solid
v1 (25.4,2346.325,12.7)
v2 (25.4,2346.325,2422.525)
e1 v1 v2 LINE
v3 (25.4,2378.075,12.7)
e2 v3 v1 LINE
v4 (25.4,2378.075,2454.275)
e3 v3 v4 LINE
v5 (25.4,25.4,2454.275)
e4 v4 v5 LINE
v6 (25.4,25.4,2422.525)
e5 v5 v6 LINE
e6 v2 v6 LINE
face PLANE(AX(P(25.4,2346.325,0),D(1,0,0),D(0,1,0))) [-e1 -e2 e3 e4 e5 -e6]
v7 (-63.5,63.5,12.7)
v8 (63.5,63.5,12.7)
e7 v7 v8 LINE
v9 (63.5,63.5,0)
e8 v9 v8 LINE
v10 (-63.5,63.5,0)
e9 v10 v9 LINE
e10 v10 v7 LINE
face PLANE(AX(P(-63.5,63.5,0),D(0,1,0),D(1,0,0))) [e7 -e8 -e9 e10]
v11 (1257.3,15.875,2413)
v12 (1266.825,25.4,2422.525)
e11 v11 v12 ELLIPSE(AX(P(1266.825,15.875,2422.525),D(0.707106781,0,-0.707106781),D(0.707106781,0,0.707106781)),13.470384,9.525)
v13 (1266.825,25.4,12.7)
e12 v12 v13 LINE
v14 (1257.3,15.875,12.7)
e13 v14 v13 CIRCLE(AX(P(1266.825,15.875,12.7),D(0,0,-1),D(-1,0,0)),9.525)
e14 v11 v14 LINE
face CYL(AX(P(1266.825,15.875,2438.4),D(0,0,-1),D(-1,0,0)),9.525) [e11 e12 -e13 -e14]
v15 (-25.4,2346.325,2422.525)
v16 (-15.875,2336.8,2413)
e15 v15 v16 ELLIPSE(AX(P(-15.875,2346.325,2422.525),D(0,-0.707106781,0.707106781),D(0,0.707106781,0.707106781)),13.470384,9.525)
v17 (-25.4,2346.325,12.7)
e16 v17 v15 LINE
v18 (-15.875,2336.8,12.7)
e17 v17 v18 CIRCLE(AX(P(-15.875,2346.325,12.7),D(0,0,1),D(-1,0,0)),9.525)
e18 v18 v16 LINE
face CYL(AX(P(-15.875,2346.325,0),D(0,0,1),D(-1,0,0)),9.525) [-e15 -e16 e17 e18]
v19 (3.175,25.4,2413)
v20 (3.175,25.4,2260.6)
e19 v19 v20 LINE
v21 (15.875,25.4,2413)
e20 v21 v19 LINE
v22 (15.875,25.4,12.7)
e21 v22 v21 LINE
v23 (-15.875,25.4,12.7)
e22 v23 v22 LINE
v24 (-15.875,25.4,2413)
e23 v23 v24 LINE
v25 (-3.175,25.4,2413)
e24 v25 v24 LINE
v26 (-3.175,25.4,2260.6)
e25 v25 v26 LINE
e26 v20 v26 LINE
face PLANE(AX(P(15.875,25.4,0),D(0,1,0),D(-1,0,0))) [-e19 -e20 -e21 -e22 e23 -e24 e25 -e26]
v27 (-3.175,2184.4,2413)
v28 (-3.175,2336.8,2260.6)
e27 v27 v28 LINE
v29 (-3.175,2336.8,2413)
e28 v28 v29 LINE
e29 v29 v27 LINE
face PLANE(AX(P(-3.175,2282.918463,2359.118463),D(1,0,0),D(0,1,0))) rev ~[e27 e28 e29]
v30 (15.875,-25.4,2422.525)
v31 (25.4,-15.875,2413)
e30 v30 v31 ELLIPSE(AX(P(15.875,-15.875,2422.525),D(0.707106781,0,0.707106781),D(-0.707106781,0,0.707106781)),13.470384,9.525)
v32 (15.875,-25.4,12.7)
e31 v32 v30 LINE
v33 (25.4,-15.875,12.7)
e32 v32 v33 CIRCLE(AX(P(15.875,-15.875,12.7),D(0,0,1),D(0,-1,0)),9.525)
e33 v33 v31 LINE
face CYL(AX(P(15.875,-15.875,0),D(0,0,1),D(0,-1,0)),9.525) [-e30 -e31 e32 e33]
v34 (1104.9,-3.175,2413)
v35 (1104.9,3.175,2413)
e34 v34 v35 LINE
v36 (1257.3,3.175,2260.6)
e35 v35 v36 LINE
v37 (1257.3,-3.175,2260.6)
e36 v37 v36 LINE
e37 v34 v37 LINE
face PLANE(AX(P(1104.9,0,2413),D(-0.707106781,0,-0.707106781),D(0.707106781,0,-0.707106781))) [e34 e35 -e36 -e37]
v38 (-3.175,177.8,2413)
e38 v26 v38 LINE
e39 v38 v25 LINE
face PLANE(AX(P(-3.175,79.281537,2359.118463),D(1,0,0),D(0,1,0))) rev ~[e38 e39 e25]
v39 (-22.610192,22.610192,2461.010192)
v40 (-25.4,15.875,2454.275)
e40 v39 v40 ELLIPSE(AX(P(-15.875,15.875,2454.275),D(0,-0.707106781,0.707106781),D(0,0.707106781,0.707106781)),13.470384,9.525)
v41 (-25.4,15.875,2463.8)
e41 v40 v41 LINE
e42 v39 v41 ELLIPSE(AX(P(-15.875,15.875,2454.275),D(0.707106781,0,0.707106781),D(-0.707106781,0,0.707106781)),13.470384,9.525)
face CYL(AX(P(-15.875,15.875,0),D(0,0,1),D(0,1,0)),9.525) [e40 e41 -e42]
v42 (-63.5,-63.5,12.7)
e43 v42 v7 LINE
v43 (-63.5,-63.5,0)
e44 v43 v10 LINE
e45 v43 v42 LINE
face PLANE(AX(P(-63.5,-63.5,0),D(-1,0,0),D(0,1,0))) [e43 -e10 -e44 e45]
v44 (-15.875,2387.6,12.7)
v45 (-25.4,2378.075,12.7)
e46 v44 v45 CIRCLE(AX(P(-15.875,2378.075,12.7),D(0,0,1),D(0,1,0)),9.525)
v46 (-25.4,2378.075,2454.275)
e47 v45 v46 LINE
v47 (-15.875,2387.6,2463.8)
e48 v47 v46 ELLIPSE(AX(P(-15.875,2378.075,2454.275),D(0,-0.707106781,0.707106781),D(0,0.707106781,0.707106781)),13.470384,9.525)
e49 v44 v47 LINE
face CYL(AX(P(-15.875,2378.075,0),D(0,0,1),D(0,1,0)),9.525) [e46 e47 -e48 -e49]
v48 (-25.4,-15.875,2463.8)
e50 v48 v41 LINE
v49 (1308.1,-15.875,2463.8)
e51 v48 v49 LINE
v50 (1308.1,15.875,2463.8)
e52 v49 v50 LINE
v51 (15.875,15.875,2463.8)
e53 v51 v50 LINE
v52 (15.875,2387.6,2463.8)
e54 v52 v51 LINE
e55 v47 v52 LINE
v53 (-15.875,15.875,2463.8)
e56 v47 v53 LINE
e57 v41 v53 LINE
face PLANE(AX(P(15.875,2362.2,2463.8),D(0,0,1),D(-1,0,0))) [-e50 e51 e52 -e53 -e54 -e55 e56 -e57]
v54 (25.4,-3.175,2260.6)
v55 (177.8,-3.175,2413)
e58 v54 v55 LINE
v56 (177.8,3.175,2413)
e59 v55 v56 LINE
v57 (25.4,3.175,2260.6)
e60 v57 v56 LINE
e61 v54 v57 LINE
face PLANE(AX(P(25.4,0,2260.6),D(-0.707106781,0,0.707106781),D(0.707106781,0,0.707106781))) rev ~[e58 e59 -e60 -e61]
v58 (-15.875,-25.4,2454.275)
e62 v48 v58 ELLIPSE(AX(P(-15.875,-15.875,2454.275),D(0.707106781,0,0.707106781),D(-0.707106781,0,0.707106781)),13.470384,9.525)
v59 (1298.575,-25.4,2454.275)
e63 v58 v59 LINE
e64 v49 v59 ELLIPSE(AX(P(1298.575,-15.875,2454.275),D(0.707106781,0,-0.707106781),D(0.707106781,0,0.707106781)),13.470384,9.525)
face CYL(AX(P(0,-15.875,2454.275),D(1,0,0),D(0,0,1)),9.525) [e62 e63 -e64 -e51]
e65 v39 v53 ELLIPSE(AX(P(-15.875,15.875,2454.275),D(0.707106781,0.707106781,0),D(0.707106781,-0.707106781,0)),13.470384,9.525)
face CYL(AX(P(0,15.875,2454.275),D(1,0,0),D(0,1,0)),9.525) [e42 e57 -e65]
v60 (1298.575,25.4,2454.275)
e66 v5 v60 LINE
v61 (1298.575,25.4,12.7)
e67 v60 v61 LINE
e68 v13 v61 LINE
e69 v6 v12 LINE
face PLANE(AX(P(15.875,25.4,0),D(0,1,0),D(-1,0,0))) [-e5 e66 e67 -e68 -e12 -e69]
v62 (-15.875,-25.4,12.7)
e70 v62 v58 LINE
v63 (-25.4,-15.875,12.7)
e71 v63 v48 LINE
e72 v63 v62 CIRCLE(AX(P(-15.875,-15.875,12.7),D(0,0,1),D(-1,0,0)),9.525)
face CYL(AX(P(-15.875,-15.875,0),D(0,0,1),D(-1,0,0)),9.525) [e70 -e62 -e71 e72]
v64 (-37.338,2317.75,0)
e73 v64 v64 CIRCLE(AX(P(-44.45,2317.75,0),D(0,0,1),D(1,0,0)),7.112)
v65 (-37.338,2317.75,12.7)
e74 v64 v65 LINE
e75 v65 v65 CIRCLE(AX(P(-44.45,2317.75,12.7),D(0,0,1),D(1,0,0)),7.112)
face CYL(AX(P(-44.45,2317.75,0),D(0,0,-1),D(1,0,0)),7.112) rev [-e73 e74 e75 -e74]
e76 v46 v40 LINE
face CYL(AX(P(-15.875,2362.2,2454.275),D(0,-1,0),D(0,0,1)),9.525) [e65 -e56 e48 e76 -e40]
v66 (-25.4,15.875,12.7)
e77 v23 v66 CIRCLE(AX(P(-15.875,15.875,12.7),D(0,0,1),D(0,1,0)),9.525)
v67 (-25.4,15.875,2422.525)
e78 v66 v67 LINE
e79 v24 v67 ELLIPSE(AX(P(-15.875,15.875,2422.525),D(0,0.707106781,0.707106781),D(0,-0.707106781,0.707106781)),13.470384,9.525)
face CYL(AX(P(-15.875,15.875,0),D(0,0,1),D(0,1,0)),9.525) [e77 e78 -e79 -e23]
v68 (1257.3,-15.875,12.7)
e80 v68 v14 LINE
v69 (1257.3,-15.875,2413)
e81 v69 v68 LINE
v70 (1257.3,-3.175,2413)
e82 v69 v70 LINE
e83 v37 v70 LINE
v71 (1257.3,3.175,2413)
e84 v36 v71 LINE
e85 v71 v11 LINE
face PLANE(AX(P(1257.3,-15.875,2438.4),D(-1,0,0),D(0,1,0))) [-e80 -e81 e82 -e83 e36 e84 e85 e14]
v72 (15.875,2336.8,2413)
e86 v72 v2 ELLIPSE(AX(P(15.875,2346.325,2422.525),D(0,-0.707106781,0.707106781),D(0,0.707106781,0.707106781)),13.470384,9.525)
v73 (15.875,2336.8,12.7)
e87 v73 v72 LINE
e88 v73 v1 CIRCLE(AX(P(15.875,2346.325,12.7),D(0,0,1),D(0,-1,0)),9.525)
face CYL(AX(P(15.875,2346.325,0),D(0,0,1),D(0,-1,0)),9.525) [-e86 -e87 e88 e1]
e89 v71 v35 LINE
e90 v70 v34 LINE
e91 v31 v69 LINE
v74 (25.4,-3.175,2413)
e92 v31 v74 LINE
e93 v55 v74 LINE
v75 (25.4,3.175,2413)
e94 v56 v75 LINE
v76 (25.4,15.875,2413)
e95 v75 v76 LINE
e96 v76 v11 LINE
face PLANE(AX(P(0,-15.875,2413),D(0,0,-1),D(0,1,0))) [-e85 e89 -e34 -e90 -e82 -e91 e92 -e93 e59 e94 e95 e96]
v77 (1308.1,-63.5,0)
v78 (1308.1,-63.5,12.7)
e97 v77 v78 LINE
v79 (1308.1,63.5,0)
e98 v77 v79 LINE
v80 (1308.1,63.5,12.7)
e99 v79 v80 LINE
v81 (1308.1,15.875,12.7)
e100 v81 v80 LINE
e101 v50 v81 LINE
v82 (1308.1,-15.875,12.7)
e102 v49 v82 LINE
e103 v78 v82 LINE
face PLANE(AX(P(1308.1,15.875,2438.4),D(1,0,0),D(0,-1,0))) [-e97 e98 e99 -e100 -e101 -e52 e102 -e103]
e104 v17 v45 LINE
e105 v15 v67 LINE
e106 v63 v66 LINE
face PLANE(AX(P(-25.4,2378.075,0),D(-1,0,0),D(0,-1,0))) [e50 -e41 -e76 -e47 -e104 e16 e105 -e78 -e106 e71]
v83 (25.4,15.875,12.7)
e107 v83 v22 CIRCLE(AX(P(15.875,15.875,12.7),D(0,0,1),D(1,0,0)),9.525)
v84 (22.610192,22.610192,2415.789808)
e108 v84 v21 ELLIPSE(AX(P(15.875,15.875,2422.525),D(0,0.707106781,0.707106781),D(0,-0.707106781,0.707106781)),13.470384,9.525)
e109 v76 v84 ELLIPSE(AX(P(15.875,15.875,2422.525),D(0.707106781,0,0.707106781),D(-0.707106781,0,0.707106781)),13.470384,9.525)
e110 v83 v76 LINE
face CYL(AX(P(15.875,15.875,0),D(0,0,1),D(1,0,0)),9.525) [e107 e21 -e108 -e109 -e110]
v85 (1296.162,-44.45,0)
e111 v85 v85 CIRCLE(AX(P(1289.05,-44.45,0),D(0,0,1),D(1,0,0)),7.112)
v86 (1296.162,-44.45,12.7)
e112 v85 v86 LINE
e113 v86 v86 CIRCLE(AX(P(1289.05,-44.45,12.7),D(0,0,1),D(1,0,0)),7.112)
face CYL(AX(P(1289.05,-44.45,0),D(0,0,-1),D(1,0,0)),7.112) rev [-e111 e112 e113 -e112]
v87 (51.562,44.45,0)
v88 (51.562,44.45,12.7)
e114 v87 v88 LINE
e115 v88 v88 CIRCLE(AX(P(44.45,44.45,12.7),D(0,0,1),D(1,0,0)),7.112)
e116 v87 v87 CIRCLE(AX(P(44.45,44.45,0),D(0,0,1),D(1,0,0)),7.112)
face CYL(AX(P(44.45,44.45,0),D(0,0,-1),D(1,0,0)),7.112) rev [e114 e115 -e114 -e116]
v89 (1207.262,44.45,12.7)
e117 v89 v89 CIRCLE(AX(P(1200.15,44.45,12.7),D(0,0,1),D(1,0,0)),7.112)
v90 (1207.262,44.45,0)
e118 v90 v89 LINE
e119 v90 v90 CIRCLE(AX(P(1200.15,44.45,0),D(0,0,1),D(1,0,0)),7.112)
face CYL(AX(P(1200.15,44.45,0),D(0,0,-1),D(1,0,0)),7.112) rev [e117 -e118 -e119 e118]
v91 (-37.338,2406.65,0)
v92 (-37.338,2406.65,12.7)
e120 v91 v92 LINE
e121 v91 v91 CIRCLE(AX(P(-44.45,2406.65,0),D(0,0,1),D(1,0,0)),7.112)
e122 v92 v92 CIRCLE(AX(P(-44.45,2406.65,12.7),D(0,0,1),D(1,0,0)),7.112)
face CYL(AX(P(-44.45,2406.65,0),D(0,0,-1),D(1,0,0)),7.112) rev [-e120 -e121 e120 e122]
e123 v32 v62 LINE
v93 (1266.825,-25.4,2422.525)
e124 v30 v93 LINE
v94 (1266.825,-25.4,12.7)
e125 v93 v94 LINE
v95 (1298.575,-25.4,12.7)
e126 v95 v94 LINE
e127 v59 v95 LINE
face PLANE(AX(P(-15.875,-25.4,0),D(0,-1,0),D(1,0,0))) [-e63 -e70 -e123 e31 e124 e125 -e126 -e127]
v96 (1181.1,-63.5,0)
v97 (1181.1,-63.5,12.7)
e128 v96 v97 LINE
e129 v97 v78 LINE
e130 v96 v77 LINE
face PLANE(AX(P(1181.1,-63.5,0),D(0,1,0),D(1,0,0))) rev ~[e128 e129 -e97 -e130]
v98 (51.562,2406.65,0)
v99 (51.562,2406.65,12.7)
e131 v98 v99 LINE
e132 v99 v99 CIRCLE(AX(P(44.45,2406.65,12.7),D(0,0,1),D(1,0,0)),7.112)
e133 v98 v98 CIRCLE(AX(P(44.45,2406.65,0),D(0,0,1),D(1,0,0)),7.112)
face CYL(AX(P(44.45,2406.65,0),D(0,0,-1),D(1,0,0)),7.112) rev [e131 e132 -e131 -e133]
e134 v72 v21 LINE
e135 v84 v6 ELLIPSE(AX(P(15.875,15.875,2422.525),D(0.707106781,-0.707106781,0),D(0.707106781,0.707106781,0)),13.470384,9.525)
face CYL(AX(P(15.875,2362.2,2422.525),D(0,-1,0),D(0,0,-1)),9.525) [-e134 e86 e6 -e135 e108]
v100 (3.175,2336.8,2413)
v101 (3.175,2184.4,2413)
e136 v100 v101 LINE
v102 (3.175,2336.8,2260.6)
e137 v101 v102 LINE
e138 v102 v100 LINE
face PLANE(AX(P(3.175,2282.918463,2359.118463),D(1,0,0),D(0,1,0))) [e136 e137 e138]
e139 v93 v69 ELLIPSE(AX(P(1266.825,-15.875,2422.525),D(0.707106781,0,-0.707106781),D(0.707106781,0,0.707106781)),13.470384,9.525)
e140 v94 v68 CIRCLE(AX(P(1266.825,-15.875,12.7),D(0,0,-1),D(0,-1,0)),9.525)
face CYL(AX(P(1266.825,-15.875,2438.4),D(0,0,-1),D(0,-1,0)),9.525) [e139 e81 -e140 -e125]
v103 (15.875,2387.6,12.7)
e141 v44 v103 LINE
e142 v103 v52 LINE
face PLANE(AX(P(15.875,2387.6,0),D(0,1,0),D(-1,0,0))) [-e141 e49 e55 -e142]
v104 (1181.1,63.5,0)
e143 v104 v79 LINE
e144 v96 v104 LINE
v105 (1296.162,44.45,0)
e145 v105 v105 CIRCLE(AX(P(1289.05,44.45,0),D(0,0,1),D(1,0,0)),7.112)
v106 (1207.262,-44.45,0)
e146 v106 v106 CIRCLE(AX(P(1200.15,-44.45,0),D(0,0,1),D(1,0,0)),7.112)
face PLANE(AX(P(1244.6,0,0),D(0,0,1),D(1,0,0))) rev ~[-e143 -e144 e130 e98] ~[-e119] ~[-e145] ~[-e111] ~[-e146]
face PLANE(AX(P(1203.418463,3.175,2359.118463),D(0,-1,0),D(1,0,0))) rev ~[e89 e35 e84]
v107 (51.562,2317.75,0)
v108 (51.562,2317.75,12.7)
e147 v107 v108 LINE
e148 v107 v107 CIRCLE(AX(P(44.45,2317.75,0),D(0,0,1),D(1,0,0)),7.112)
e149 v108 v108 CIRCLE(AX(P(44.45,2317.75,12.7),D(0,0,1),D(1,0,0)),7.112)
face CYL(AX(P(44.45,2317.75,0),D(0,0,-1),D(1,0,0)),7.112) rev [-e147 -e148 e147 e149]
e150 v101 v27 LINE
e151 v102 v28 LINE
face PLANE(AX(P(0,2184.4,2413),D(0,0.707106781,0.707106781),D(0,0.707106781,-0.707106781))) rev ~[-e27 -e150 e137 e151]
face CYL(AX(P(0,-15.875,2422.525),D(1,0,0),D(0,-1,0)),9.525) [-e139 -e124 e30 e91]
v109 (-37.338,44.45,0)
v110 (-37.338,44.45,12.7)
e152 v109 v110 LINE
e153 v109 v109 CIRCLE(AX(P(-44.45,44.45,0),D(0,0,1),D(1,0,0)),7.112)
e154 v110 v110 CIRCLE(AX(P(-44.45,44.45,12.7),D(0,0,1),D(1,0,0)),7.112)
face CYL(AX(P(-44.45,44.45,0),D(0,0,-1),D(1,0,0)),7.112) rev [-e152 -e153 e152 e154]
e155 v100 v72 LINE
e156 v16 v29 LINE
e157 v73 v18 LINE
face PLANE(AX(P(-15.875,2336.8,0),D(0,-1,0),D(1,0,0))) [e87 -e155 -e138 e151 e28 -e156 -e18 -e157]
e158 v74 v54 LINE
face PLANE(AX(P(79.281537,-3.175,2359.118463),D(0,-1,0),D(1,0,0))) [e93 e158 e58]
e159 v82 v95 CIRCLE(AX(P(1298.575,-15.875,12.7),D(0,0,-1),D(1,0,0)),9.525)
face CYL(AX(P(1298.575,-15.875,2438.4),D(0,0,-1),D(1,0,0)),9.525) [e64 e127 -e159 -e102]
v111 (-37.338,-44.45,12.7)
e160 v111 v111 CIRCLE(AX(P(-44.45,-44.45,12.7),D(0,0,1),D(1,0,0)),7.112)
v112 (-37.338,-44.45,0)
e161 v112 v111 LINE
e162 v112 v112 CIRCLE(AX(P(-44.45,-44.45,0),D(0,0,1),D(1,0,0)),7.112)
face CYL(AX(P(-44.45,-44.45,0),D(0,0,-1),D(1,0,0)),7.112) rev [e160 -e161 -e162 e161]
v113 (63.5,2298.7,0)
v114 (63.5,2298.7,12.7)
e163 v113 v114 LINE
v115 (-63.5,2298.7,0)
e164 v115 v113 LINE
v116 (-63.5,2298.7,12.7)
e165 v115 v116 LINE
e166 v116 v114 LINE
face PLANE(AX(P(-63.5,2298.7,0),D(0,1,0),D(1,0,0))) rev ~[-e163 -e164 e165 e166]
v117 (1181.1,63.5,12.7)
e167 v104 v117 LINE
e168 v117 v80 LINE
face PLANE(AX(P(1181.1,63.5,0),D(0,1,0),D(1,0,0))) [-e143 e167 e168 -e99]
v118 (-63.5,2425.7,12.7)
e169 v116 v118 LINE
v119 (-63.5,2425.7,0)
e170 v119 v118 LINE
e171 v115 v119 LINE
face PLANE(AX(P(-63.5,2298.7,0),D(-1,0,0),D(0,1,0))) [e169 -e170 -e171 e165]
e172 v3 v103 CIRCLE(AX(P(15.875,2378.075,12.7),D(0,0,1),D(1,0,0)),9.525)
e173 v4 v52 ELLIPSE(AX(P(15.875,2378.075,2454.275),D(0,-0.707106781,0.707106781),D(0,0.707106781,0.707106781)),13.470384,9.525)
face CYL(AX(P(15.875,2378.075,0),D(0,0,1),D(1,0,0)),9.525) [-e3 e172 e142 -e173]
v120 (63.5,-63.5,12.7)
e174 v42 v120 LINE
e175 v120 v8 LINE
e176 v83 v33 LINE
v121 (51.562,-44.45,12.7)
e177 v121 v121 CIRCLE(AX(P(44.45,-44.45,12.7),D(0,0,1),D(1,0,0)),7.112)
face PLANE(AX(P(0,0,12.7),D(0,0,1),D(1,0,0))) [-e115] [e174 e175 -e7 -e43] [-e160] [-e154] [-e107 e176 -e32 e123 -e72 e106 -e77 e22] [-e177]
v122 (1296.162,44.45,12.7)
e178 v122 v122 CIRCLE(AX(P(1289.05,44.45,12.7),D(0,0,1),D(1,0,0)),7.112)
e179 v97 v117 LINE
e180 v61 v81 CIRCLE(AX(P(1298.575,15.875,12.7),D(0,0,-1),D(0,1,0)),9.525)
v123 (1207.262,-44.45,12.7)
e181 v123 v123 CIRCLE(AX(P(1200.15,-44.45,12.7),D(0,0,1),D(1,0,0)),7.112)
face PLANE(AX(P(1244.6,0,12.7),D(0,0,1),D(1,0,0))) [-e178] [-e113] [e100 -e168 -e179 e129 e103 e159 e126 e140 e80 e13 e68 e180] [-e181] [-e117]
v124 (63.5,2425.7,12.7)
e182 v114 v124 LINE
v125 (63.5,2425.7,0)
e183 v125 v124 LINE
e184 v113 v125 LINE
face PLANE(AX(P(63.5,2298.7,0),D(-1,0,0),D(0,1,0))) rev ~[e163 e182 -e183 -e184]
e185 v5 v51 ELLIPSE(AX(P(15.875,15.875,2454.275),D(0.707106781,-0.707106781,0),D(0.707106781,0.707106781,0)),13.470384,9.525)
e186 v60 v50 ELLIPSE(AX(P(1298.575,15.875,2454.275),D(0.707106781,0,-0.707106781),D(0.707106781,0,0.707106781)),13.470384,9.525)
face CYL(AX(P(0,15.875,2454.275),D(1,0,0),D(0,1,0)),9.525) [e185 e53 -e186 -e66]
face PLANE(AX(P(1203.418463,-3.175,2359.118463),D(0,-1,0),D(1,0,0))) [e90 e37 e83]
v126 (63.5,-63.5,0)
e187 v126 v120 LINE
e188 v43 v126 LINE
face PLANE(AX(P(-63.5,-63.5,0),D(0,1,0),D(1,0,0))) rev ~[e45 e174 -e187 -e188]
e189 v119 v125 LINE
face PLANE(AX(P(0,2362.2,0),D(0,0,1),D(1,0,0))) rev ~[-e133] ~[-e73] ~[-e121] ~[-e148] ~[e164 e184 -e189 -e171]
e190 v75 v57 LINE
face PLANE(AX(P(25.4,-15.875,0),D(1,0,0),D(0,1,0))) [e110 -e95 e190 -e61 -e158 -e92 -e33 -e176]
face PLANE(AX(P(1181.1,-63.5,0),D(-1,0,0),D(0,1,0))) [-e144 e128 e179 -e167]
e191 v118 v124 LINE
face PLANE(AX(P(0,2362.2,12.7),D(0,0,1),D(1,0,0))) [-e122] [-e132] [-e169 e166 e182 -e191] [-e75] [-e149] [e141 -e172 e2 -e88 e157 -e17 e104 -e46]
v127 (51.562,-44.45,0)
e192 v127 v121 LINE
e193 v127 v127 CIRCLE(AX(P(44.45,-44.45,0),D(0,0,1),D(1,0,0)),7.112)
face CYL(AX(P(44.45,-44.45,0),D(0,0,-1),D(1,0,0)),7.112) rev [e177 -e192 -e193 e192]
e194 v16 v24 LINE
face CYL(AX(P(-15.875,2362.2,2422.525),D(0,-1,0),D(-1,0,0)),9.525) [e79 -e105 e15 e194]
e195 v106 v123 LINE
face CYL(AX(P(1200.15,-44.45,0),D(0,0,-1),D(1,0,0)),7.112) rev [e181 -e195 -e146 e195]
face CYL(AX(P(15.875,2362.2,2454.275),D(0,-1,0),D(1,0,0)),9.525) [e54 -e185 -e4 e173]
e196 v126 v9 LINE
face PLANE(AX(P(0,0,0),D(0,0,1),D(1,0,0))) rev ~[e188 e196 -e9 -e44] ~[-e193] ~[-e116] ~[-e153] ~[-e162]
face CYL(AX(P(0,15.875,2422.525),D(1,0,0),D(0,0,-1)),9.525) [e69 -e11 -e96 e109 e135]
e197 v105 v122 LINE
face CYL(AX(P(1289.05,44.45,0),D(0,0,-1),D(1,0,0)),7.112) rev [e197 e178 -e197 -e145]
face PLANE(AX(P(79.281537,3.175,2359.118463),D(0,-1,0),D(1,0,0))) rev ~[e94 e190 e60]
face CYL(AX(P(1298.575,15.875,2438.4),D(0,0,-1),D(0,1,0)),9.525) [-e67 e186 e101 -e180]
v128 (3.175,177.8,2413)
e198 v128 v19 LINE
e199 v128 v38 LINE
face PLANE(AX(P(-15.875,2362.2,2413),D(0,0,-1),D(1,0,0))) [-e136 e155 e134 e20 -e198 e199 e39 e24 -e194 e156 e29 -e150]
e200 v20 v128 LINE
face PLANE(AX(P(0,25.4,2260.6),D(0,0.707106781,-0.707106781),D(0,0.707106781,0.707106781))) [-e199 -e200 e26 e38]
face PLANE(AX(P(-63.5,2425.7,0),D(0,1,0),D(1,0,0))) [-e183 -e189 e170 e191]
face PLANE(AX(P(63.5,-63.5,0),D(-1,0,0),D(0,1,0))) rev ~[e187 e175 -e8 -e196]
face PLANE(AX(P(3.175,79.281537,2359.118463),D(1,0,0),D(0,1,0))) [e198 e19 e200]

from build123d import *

# Parameters (mm, degrees)
F5_W      = 127
F5_H      = 127
F5_R      = 7.112
F6_DEPTH  = 12.7
F8_DEPTH  = 3.175
F10_DEPTH = 3.175


with BuildPart() as f3:
    # F3: sweep along a path in F2
    with BuildLine(Plane.XZ) as f3_path:
        Line((0, 0), (0, 2438.4))
        Line((0, 2438.4), (1282.7, 2438.4))
        Line((1282.7, 2438.4), (1282.7, 0))
    # F1 (on Top) → F3 (sweep)
    with BuildSketch(Plane.XY):
        with BuildLine():
            Line((0, 25.4), (-15.875, 25.4))
            ThreePointArc((-15.875, 25.4), (-22.6101920908, 22.6101920908), (-25.4, 15.875))
            Line((-25.4, 15.875), (-25.4, -15.875))
            ThreePointArc((-25.4, -15.875), (-22.6101920908, -22.6101920908), (-15.875, -25.4))
            Line((-15.875, -25.4), (15.875, -25.4))
            ThreePointArc((15.875, -25.4), (22.6101920908, -22.6101920908), (25.4, -15.875))
            Line((25.4, -15.875), (25.4, 15.875))
            ThreePointArc((25.4, 15.875), (22.6101920908, 22.6101920908), (15.875, 25.4))
            Line((15.875, 25.4), (0, 25.4))
        make_face()
    sweep(path=f3_path.line, transition=Transition.RIGHT)

    # F4: sweep along a path in F0
    with BuildLine(Plane.YZ) as f4_path:
        Line((2362.2, 0), (2362.2, 2438.4))
        Line((2362.2, 2438.4), (0, 2438.4))
    # F1 (on Top) → F4 (sweep)
    with BuildSketch(Plane.XY):
        with BuildLine():
            Line((-15.875, 2336.8), (0, 2336.8))
            Line((0, 2336.8), (15.875, 2336.8))
            ThreePointArc((15.875, 2336.8), (22.6101920908, 2339.5898079092), (25.4, 2346.325))
            Line((25.4, 2346.325), (25.4, 2378.075))
            ThreePointArc((25.4, 2378.075), (22.6101920908, 2384.8101920908), (15.875, 2387.6))
            Line((15.875, 2387.6), (-15.875, 2387.6))
            ThreePointArc((-15.875, 2387.6), (-22.6101920908, 2384.8101920908), (-25.4, 2378.075))
            Line((-25.4, 2378.075), (-25.4, 2346.325))
            ThreePointArc((-25.4, 2346.325), (-22.6101920908, 2339.5898079092), (-15.875, 2336.8))
        make_face()
    sweep(path=f4_path.line, transition=Transition.RIGHT)

    # F5 (on Top) → F6 (join)
    with BuildSketch(Plane.XY):
        Rectangle(F5_W, F5_H)
        with Locations((-44.45, -44.45)):
            Circle(F5_R, mode=Mode.SUBTRACT)
        with Locations((-44.45, 44.45)):
            Circle(F5_R, mode=Mode.SUBTRACT)
        with Locations((44.45, -44.45)):
            Circle(F5_R, mode=Mode.SUBTRACT)
        with Locations((44.45, 44.45)):
            Circle(F5_R, mode=Mode.SUBTRACT)
        with Locations((0, 2362.2)):
            Rectangle(F5_W, F5_H)
        with Locations((-44.45, 2317.75)):
            Circle(F5_R, mode=Mode.SUBTRACT)
        with Locations((-44.45, 2406.65)):
            Circle(F5_R, mode=Mode.SUBTRACT)
        with Locations((44.45, 2317.75)):
            Circle(F5_R, mode=Mode.SUBTRACT)
        with Locations((44.45, 2406.65)):
            Circle(F5_R, mode=Mode.SUBTRACT)
        with Locations((1244.6, 0)):
            Rectangle(F5_W, F5_H)
        with Locations((1200.15, -44.45)):
            Circle(F5_R, mode=Mode.SUBTRACT)
        with Locations((1200.15, 44.45)):
            Circle(F5_R, mode=Mode.SUBTRACT)
        with Locations((1289.05, -44.45)):
            Circle(F5_R, mode=Mode.SUBTRACT)
        with Locations((1289.05, 44.45)):
            Circle(F5_R, mode=Mode.SUBTRACT)
    extrude(amount=F6_DEPTH)

    # F7 (on Right) → F8 (join, symmetric)
    with BuildSketch(Plane.YZ):
        Polygon((2336.8, 2260.6), (2336.8, 2413), (2184.4, 2413), align=None)
        Polygon((177.8, 2413), (25.4, 2413), (25.4, 2260.6), align=None)
    extrude(amount=F8_DEPTH, both=True)

    # F9 (on Front) → F10 (join, symmetric)
    with BuildSketch(Plane.XZ):
        Polygon((177.8, 2413), (25.4, 2413), (25.4, 2260.6), align=None)
        Polygon((1257.3, 2260.6), (1257.3, 2413), (1104.9, 2413), align=None)
    extrude(amount=F10_DEPTH, both=True)


solid = f3.part
